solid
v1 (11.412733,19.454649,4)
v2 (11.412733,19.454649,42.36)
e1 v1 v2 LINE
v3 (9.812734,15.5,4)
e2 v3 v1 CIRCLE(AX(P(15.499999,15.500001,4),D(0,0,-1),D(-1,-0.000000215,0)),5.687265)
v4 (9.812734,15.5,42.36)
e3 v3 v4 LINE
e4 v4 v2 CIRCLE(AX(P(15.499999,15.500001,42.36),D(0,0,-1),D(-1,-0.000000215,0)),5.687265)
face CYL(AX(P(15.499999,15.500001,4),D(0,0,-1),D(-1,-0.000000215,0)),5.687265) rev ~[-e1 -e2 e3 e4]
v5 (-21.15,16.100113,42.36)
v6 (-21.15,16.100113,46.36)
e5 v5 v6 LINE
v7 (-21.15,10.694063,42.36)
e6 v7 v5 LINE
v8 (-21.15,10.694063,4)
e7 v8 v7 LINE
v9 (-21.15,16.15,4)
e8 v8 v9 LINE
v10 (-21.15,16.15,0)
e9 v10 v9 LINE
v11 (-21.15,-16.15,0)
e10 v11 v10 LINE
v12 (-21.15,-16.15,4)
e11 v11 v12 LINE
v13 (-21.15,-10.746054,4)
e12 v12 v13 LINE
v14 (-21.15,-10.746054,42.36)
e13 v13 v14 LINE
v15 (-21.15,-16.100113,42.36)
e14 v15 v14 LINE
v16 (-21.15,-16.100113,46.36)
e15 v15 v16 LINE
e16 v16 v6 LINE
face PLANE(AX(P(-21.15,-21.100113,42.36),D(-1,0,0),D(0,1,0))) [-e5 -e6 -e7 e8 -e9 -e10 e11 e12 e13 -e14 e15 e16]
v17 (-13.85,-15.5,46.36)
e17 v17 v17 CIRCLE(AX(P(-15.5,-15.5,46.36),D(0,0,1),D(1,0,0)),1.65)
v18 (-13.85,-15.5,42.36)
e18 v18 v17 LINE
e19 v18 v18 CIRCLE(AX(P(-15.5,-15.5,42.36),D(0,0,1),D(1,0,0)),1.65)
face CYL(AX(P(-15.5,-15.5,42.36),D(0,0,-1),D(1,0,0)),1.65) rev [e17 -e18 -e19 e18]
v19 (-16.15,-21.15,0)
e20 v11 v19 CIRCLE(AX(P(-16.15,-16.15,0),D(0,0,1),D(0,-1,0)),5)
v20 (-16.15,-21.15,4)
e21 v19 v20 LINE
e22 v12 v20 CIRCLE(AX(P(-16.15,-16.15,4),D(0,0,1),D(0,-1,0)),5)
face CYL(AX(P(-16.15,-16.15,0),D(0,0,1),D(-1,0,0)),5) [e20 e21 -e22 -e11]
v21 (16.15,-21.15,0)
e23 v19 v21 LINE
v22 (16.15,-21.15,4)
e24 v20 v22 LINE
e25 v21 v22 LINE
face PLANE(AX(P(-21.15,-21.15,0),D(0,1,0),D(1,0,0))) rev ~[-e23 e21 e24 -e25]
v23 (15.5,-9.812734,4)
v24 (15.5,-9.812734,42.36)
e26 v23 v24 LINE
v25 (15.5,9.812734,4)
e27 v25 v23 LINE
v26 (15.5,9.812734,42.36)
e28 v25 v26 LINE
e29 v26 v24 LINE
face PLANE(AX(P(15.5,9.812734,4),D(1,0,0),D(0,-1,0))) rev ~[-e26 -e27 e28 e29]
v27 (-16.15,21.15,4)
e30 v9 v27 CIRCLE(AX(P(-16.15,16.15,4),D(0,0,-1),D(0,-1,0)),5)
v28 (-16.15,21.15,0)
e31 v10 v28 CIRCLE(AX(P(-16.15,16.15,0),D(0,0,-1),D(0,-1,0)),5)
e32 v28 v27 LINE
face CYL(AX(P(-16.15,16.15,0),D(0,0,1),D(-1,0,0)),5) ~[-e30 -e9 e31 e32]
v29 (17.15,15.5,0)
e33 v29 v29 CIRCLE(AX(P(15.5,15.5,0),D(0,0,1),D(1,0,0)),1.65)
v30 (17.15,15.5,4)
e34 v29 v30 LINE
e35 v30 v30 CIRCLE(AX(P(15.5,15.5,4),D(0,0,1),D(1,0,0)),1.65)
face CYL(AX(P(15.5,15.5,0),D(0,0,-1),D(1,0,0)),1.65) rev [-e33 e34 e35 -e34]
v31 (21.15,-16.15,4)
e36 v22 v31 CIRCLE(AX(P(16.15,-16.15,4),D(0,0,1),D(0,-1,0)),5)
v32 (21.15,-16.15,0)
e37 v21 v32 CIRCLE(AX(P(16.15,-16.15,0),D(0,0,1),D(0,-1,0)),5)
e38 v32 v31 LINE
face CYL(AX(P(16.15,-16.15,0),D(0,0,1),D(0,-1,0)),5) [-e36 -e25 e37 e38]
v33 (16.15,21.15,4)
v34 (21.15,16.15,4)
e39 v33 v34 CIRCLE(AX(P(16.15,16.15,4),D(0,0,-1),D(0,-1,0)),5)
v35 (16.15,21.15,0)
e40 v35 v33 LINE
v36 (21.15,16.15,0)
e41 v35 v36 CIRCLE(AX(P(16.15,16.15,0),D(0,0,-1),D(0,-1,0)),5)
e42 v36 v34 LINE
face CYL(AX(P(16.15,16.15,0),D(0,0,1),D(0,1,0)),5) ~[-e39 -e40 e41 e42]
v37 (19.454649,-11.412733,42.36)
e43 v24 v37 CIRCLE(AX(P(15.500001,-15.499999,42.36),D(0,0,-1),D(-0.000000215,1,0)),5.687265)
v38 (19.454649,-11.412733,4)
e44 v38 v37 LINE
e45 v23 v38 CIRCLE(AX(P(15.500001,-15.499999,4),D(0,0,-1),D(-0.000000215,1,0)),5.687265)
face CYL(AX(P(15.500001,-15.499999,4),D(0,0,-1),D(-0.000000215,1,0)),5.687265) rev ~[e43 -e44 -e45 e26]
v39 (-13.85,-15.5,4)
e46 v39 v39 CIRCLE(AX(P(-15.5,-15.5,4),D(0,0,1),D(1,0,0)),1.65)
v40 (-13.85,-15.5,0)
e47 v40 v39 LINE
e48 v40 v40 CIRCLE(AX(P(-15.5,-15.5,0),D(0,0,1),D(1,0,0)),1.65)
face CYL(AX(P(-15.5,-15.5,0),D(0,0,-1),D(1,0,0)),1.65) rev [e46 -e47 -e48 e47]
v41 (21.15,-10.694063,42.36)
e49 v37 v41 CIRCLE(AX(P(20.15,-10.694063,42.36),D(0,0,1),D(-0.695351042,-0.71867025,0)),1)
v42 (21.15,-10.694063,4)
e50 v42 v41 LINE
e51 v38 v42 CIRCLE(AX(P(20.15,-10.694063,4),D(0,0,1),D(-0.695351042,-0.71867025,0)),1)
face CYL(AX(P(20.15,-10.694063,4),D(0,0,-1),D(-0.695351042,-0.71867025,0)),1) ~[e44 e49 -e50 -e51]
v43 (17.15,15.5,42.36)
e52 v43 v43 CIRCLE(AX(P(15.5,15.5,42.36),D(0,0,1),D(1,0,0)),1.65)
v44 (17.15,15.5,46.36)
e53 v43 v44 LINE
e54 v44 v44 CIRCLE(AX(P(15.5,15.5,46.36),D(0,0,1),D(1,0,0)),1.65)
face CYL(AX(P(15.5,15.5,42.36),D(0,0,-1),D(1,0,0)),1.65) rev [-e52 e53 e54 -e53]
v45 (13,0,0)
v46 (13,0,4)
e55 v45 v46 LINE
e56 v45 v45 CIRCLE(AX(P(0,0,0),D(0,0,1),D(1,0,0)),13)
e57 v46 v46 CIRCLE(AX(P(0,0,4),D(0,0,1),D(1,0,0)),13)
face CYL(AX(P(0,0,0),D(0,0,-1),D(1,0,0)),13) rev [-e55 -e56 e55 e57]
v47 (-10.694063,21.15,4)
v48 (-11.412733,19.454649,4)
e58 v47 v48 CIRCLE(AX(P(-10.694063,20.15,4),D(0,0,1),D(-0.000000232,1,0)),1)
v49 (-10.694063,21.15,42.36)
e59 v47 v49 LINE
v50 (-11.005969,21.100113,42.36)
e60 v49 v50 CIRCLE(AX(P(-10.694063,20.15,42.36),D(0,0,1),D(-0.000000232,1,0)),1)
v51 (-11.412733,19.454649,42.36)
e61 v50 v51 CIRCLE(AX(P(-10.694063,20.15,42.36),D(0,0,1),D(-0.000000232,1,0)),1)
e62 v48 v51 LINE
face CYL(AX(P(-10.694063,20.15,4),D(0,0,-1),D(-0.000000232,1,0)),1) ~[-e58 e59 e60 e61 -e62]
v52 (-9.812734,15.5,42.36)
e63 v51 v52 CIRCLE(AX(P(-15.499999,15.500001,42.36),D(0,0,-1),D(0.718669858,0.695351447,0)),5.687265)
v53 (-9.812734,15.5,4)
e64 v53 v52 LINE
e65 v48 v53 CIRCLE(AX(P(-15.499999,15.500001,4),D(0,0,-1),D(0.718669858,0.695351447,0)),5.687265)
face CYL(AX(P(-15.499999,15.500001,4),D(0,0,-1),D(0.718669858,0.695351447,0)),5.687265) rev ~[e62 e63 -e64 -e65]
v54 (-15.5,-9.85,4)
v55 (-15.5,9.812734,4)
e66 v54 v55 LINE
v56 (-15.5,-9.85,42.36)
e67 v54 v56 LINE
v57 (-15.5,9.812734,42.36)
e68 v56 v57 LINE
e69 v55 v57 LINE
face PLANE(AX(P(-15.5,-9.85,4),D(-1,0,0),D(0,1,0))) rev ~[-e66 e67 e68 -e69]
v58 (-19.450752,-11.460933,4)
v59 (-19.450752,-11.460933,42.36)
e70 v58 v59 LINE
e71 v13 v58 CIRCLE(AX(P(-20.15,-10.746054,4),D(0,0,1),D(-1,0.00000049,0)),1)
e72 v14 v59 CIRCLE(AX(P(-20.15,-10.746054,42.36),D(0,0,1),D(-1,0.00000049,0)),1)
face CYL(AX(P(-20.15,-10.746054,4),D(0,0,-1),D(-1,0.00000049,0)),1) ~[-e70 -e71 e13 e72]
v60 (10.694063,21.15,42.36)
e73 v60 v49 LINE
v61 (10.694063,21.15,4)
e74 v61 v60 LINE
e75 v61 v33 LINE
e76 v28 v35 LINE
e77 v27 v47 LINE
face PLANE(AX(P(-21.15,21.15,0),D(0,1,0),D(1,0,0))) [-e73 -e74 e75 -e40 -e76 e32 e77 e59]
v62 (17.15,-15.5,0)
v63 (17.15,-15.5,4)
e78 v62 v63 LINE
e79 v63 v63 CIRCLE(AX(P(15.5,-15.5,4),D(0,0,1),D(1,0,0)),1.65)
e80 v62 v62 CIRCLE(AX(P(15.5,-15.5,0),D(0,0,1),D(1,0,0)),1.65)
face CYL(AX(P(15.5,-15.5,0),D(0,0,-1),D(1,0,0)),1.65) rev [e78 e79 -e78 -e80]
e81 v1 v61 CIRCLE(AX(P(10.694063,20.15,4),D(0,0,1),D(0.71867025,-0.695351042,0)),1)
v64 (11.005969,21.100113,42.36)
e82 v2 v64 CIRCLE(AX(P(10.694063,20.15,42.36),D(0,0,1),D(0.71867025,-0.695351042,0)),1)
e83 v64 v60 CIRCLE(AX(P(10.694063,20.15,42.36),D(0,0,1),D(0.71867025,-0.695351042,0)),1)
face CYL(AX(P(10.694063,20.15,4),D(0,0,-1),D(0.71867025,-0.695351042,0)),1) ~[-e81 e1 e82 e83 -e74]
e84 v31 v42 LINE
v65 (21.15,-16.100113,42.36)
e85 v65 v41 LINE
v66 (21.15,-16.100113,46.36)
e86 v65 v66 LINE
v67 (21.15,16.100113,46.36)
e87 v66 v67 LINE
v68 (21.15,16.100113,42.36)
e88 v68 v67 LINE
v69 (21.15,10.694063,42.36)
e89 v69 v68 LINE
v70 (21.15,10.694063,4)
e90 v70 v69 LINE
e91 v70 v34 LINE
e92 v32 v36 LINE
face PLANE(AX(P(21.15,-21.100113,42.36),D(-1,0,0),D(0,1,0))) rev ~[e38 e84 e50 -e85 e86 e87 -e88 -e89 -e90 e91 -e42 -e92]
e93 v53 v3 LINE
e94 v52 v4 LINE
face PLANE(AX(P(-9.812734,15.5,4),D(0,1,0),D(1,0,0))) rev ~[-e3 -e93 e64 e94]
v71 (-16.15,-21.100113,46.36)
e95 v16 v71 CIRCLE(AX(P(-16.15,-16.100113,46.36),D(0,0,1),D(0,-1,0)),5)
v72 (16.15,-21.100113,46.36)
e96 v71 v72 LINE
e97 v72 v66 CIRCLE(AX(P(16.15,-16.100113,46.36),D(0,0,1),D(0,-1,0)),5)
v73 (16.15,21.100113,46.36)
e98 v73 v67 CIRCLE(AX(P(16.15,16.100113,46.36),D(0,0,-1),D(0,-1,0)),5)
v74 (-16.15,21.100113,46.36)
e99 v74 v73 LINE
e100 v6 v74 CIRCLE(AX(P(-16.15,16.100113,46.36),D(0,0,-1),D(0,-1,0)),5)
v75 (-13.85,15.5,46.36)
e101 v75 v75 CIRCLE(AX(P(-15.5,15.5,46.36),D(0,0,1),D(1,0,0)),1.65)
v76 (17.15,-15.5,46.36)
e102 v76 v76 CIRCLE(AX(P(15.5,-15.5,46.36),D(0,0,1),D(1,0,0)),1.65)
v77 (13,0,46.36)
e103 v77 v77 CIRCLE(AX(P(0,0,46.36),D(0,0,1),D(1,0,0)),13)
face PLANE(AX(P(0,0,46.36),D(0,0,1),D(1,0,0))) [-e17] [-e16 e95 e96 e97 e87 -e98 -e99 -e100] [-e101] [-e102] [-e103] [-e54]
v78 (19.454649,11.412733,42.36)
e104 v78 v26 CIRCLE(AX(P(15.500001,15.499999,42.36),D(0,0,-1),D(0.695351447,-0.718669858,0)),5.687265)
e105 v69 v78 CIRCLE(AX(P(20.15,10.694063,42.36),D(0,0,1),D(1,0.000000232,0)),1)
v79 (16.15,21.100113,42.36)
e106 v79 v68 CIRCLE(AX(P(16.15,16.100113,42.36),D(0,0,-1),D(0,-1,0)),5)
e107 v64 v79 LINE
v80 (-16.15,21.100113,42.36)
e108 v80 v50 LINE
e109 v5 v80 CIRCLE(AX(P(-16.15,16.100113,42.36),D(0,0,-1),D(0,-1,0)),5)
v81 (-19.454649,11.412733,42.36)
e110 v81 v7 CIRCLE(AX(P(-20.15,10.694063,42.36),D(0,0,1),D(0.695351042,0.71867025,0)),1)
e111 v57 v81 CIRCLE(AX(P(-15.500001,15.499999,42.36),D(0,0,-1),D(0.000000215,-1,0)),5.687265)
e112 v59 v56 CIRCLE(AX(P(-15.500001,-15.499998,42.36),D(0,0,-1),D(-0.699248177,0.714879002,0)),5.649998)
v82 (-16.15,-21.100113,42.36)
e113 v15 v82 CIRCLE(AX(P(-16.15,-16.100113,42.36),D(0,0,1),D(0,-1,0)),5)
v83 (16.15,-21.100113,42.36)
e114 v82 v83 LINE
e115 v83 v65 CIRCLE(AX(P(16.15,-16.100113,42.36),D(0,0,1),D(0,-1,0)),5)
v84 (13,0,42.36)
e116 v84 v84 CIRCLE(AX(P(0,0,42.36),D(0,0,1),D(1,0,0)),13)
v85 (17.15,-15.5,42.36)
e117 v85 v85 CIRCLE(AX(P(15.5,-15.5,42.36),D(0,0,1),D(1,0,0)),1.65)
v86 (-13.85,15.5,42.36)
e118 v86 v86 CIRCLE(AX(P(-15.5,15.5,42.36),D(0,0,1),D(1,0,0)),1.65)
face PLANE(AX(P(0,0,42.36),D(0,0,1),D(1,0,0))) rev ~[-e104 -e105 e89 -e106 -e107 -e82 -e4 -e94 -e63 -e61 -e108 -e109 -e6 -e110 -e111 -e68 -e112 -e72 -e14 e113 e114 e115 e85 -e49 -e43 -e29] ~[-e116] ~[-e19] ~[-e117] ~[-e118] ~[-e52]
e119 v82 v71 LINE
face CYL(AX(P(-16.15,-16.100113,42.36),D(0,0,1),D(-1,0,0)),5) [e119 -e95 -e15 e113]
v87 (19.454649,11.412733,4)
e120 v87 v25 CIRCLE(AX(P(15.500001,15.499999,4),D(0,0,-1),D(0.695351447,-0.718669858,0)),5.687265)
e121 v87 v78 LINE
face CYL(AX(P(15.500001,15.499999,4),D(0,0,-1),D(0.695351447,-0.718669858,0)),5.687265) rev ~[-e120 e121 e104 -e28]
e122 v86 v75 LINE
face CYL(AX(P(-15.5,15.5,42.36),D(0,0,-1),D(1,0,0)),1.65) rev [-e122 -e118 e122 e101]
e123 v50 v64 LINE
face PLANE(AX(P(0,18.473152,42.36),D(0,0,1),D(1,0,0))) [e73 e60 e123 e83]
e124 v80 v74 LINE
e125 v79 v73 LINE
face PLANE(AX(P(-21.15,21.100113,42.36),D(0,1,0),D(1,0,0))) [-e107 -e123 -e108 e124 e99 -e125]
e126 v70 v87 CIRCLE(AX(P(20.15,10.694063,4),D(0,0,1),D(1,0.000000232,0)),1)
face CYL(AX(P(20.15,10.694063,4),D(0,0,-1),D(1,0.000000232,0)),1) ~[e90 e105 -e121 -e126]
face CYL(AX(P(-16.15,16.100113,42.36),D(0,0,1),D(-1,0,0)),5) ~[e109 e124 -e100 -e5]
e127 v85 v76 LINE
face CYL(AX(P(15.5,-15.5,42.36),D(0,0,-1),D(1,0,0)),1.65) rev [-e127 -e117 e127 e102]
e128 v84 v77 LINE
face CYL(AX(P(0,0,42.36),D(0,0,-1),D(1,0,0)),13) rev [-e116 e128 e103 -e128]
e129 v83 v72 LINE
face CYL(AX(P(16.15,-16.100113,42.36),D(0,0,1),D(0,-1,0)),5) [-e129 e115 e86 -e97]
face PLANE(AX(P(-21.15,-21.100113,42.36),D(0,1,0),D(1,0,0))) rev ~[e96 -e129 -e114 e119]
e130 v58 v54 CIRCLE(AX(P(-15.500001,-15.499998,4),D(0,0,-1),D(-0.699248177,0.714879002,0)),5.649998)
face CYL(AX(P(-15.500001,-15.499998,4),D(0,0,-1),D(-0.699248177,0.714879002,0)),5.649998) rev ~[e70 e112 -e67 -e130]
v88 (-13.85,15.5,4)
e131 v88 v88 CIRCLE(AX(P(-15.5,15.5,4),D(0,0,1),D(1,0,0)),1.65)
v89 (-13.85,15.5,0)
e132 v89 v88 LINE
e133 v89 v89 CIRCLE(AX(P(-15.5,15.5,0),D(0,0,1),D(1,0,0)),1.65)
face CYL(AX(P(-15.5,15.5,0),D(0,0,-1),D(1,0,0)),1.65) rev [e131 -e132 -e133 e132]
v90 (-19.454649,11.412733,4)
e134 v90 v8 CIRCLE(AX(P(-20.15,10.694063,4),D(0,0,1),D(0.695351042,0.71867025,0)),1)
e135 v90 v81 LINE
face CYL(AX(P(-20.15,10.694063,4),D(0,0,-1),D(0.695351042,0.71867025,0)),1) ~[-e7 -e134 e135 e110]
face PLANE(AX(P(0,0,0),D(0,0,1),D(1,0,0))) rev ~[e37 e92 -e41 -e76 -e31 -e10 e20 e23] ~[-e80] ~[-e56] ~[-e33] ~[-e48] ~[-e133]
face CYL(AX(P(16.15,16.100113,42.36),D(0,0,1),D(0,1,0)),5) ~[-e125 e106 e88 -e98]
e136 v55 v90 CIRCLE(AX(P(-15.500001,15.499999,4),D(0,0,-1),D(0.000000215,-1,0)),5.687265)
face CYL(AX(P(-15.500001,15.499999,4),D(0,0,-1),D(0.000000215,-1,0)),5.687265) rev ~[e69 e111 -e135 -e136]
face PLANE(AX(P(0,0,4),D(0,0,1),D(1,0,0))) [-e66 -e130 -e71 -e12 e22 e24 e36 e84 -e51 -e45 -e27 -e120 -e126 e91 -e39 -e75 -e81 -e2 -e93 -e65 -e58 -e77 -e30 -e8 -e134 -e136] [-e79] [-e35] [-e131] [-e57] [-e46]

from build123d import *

# Parameters (mm, degrees)
F0_W     = 42.3
F0_H     = 42.3
F0_R     = 1.65
F0_R_2   = 13
F1_DEPTH = 4
F2_R     = 5
F4_DEPTH = 38.36
F5_W     = 42.3
F5_H     = 42.200226
F5_R     = 1.65
F5_R_2   = 13
F6_DEPTH = 4
F7_R     = 5


with BuildPart() as f1:
    # F0 (on Top) → F1 (new body)
    with BuildSketch(Plane.XY):
        Rectangle(F0_W, F0_H)
        with Locations((-15.5, -15.5)):
            Circle(F0_R, mode=Mode.SUBTRACT)
        with Locations((15.5, -15.5)):
            Circle(F0_R, mode=Mode.SUBTRACT)
        with Locations((-15.5, 15.5)):
            Circle(F0_R, mode=Mode.SUBTRACT)
        Circle(F0_R_2, mode=Mode.SUBTRACT)
        with Locations((15.5, 15.5)):
            Circle(F0_R, mode=Mode.SUBTRACT)
    extrude(amount=F1_DEPTH)

    # F2
    f2_edges = [f1.edges().sort_by_distance(p)[0] for p in [
        (-21.15, -21.15, 2),
        (21.15, -21.15, 2),
        (-21.15, 21.15, 2),
        (21.15, 21.15, 2),
    ]]
    fillet(f2_edges, radius=F2_R)

    # F3 (on face) → F4 (join)
    with BuildSketch(Plane.XY.offset(4)):
        with BuildLine():
            ThreePointArc((-15.5, 9.812734), (-17.633029, 10.227886), (-19.454649, 11.412733))
            ThreePointArc((-19.454649, 11.412733), (-20.540287, 11.614756), (-21.15, 10.694063))
            Line((-21.15, 10.694063), (-21.15, -10.746054))
            ThreePointArc((-21.15, -10.746054), (-20.537783, -11.667805), (-19.450752, -11.460933))
            ThreePointArc((-19.450752, -11.460933), (-17.633281, -10.268211), (-15.5, -9.85))
            Line((-15.5, -9.85), (-15.5, 9.812734))
        make_face()
        with BuildLine():
            ThreePointArc((9.812734, 15.5), (10.227886, 17.633029), (11.412733, 19.454649))
            ThreePointArc((11.412733, 19.454649), (11.614756, 20.540287), (10.694063, 21.15))
            Line((10.694063, 21.15), (-10.694063, 21.15))
            ThreePointArc((-10.694063, 21.15), (-11.614756, 20.540287), (-11.412733, 19.454649))
            ThreePointArc((-11.412733, 19.454649), (-10.227886, 17.633029), (-9.812734, 15.5))
            Line((-9.812734, 15.5), (9.812734, 15.5))
        make_face()
        with BuildLine():
            ThreePointArc((15.5, -9.812734), (17.633029, -10.227886), (19.454649, -11.412733))
            ThreePointArc((19.454649, -11.412733), (20.540287, -11.614756), (21.15, -10.694063))
            Line((21.15, -10.694063), (21.15, 10.694063))
            ThreePointArc((21.15, 10.694063), (20.540287, 11.614756), (19.454649, 11.412733))
            ThreePointArc((19.454649, 11.412733), (17.633029, 10.227886), (15.5, 9.812734))
            Line((15.5, 9.812734), (15.5, -9.812734))
        make_face()
    extrude(amount=F4_DEPTH)

    # F5 (on face) → F6 (join)
    with BuildSketch(Plane.XY.offset(42.36)):
        Rectangle(F5_W, F5_H)
        with Locations((-15.5, -15.5)):
            Circle(F5_R, mode=Mode.SUBTRACT)
        with Locations((15.5, -15.5)):
            Circle(F5_R, mode=Mode.SUBTRACT)
        with Locations((-15.5, 15.5)):
            Circle(F5_R, mode=Mode.SUBTRACT)
        Circle(F5_R_2, mode=Mode.SUBTRACT)
        with Locations((15.5, 15.5)):
            Circle(F5_R, mode=Mode.SUBTRACT)
    extrude(amount=F6_DEPTH)

    # F7
    f7_edges = [f1.edges().sort_by_distance(p)[0] for p in [
        (-21.15, -21.100113, 44.36),
        (21.15, -21.100113, 44.36),
        (-21.15, 21.100113, 44.36),
        (21.15, 21.100113, 44.36),
    ]]
    fillet(f7_edges, radius=F7_R)


solid = f1.part
